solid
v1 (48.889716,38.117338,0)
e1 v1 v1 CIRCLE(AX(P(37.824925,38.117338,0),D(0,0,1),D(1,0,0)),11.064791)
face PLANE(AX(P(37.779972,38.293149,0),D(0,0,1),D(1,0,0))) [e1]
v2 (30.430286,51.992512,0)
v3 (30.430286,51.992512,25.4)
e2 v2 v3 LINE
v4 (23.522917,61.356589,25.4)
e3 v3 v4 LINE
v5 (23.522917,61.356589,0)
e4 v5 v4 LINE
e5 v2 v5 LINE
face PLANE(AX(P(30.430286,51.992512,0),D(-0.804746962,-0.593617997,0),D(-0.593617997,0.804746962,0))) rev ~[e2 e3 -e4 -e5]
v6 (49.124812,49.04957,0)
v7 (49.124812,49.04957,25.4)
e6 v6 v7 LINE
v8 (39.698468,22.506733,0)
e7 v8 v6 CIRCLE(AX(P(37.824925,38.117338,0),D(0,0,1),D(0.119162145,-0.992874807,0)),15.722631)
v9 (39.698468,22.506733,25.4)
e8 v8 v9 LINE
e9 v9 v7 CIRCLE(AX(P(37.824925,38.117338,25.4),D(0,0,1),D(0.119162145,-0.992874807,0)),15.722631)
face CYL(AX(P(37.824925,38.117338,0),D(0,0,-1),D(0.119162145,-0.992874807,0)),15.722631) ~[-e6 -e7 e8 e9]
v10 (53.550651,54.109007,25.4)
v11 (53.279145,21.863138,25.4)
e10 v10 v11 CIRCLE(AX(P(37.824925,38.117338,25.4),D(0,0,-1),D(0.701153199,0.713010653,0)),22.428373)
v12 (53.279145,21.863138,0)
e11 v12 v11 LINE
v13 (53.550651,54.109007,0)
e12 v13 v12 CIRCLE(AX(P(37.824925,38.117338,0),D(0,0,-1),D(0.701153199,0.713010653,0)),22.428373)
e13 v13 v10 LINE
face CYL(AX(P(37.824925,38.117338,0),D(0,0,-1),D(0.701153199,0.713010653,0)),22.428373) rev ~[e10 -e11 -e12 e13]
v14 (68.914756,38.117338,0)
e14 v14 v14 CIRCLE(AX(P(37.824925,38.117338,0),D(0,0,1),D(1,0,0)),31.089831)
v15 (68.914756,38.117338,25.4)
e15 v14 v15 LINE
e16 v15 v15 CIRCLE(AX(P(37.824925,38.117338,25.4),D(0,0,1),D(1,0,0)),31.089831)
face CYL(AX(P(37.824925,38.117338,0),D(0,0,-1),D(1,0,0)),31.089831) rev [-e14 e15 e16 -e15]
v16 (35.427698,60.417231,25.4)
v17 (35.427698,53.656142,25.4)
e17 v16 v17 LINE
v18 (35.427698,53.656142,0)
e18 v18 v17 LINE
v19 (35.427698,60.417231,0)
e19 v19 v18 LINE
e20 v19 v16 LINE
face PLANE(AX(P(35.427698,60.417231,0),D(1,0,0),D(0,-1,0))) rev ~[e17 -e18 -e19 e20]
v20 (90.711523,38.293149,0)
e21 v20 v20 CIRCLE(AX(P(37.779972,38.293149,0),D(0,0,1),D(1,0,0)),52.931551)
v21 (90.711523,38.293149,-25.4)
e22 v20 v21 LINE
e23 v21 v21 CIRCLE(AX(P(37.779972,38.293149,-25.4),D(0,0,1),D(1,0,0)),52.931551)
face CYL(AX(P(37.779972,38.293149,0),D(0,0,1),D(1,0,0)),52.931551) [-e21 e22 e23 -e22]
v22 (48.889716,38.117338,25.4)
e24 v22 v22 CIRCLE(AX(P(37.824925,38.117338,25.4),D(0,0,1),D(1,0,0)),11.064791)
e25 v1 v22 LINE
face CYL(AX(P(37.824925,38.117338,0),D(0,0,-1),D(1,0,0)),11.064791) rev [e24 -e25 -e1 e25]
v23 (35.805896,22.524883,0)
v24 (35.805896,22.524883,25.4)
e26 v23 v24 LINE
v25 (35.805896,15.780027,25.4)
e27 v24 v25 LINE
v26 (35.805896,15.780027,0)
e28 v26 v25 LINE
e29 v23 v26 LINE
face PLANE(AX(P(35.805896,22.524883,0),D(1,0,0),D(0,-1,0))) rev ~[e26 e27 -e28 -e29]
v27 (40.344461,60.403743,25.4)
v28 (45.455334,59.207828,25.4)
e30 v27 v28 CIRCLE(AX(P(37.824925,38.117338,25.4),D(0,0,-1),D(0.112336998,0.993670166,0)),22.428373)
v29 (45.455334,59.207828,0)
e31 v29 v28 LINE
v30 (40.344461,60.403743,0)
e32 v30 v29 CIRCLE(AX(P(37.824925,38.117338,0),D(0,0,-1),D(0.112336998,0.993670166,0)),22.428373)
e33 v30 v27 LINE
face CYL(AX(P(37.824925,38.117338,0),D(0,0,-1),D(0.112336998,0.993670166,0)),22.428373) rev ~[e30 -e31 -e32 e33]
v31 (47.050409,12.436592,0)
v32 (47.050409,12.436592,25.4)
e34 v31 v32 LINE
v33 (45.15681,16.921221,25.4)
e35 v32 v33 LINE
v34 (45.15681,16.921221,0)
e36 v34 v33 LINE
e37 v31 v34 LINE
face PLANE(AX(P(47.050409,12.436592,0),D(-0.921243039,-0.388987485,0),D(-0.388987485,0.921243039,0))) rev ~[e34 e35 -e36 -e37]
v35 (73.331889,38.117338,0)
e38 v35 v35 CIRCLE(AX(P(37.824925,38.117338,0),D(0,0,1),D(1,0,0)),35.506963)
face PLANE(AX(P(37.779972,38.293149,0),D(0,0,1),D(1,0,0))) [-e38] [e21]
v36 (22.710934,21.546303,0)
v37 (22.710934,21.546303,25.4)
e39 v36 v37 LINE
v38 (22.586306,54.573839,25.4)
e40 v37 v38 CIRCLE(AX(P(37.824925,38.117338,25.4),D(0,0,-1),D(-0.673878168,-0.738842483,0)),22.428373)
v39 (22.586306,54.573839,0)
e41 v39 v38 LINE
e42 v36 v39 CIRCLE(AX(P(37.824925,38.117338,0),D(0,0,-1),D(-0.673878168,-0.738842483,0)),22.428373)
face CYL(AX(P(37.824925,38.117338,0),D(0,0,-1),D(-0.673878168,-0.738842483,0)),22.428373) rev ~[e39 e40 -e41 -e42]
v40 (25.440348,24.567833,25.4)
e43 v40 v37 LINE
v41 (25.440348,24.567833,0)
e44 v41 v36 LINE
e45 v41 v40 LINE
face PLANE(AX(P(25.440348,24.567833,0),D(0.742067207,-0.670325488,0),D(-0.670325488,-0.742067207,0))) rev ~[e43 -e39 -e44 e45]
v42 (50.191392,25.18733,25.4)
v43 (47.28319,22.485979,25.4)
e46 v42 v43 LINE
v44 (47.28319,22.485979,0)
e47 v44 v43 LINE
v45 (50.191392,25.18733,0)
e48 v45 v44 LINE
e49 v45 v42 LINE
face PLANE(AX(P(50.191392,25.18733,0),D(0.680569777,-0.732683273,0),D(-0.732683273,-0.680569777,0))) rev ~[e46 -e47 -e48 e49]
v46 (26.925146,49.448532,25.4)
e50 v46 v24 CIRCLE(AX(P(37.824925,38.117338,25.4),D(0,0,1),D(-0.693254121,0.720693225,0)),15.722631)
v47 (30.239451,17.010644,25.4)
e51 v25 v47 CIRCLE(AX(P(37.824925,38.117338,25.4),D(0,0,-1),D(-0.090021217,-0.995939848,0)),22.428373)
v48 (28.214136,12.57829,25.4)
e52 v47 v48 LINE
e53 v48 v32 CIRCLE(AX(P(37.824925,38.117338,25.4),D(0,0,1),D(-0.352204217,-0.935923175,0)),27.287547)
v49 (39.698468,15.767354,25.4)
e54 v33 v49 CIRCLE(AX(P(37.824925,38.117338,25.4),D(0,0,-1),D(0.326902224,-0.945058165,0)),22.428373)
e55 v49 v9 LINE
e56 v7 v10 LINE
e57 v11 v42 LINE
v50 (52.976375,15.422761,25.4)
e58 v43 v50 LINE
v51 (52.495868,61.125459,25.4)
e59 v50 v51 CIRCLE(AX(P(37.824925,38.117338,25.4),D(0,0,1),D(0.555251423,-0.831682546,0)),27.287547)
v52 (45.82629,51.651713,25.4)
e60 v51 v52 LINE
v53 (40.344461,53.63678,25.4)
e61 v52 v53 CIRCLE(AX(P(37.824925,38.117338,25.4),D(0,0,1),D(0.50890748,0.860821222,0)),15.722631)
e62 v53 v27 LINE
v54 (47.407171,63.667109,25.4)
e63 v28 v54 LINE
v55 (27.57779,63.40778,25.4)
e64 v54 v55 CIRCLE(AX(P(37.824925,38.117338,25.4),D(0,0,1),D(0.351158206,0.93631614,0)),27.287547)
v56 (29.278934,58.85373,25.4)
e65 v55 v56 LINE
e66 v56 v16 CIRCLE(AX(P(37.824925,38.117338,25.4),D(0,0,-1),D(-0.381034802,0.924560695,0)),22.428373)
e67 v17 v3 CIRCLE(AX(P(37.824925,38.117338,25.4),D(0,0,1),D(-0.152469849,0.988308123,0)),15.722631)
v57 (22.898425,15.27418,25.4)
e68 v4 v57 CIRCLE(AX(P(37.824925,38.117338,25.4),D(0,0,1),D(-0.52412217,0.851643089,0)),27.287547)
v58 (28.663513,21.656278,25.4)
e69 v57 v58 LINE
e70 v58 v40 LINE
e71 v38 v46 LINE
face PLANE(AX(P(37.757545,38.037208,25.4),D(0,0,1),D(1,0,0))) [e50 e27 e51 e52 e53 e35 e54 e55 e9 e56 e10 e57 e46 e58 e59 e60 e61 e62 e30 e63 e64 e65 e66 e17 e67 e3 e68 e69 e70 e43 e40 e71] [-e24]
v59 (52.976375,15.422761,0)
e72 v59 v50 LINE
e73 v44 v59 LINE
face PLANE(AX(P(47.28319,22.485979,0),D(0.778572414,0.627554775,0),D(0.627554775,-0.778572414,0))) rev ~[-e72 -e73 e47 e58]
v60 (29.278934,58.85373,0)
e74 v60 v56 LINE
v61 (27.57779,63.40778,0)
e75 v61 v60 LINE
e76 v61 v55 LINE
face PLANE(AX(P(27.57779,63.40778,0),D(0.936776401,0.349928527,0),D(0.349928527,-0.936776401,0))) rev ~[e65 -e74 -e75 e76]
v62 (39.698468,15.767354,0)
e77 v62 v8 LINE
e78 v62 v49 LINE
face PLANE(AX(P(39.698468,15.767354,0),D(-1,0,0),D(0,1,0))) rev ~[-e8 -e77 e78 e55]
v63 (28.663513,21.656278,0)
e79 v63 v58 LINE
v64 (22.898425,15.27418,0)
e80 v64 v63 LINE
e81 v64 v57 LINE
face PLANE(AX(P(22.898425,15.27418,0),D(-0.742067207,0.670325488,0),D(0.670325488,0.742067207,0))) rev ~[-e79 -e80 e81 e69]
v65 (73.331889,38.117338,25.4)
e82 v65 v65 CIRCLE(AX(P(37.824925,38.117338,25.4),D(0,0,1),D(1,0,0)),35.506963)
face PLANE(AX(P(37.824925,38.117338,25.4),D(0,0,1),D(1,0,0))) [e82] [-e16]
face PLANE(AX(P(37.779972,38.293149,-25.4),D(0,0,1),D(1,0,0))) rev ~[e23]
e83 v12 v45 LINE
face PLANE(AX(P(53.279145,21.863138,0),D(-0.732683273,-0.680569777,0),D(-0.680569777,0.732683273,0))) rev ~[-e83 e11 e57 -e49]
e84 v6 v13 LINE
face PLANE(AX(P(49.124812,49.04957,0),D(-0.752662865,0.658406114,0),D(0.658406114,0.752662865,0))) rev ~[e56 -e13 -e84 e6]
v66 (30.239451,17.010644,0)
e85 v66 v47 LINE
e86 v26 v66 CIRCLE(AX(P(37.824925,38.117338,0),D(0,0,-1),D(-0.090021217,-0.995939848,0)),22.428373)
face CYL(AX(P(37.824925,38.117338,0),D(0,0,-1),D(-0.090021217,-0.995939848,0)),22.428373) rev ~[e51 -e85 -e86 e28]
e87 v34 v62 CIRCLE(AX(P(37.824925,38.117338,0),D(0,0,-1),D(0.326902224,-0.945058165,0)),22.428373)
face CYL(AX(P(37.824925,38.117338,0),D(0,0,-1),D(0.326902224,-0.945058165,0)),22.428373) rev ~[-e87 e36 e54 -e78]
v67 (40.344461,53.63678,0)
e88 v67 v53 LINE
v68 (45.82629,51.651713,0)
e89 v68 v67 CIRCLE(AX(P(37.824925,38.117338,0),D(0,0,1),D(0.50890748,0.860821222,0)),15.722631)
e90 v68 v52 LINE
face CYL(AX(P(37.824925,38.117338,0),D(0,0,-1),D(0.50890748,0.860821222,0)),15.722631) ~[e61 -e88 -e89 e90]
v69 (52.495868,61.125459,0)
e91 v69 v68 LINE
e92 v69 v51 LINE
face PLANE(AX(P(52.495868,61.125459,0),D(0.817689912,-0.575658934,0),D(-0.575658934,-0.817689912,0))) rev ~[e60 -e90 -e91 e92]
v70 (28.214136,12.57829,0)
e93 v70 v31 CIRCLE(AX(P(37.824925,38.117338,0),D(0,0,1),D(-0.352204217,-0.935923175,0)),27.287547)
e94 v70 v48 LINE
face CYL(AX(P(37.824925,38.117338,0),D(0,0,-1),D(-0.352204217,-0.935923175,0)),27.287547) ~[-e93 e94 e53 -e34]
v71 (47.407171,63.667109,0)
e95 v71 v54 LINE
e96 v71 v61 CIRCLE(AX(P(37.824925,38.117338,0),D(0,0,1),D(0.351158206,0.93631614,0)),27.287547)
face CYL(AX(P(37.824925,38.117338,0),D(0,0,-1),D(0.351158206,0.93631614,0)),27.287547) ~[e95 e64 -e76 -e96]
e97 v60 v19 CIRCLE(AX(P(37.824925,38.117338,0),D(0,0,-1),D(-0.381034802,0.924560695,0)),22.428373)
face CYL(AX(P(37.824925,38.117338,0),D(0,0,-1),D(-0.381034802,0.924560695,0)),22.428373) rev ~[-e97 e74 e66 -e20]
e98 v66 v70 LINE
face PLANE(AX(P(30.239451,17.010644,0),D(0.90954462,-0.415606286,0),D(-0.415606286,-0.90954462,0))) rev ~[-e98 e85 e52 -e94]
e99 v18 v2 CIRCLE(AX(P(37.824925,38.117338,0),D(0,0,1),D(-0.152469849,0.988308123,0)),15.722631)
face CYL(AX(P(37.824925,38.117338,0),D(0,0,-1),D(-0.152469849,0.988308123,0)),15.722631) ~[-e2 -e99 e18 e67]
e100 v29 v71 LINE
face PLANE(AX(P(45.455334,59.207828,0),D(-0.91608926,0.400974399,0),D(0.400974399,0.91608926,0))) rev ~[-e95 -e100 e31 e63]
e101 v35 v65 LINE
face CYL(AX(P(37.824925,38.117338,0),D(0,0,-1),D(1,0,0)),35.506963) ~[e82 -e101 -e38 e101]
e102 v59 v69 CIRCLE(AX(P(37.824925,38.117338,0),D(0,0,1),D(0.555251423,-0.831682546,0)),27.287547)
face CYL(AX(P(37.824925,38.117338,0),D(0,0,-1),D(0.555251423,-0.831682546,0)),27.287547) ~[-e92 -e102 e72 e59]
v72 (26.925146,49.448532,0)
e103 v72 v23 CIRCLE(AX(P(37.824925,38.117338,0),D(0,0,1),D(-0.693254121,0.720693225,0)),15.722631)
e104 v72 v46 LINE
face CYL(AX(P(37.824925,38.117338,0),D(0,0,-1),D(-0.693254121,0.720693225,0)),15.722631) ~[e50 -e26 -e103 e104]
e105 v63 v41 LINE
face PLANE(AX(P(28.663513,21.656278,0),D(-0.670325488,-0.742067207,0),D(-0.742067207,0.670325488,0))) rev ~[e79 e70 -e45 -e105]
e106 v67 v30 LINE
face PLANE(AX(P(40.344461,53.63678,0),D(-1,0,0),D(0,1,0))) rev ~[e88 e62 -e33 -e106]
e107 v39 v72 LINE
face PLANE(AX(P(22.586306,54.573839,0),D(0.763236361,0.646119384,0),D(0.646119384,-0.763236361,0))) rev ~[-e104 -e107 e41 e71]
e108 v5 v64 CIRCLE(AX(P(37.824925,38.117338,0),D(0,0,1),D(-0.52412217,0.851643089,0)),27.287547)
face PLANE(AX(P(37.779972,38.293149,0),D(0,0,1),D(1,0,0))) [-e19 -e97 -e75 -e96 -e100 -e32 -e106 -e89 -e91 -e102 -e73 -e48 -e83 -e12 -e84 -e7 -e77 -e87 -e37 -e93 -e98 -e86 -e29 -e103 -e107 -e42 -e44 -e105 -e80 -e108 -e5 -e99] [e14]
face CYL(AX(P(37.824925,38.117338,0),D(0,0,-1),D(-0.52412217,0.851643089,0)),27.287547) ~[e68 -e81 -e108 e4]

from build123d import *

# Parameters (mm, degrees)
F1_R     = 52.9315512319
F2_DEPTH = 25.4
F0_R     = 35.506963498
F0_R_2   = 31.0898313576
F0_R_3   = 11.0647908741
F3_DEPTH = 25.4


with BuildPart() as f2:
    # F1 (on Top) → F2 (new body)
    with BuildSketch(Plane.XY):
        with Locations((37.7799719572, 38.2931493223)):
            Circle(F1_R)
    extrude(amount=-F2_DEPTH)

    # F0 (on Top) → F3 (join)
    with BuildSketch(Plane.XY):
        with Locations((37.8249250984, 38.1173377679)):
            Circle(F0_R)
        with Locations((37.8249250984, 38.1173377679)):
            Circle(F0_R_2, mode=Mode.SUBTRACT)
        with BuildLine():
            Line((39.6984675691, 15.7673542773), (39.6984675691, 22.5067331888))
            ThreePointArc((39.6984675691, 22.5067331888), (52.6409755568, 32.8556093898), (49.1248120408, 49.0495695529))
            Line((49.1248120408, 49.0495695529), (53.550650699, 54.1090067787))
            ThreePointArc((53.550650699, 54.1090067787), (60.2525032987, 37.9285005747), (53.2791448176, 21.8631378094))
            Line((53.2791448176, 21.8631378094), (50.191392118, 25.1873300248))
            Line((50.191392118, 25.1873300248), (47.2831900335, 22.4859793641))
            Line((47.2831900335, 22.4859793641), (52.9763745223, 15.4227610277))
            ThreePointArc((52.9763745223, 15.4227610277), (65.1109642741, 38.4042160738), (52.4958682608, 61.1254593728))
            Line((52.4958682608, 61.1254593728), (45.8262898028, 51.651712507))
            ThreePointArc((45.8262898028, 51.651712507), (43.1781915167, 52.9005605345), (40.3444612137, 53.6367795902))
            Line((40.3444612137, 53.6367795902), (40.3444612137, 60.4037430676))
            ThreePointArc((40.3444612137, 60.4037430676), (42.9350031847, 59.9558135703), (45.4553338012, 59.2078281948))
            Line((45.4553338012, 59.2078281948), (47.4071712256, 63.6671086518))
            ThreePointArc((47.4071712256, 63.6671086518), (37.4680887103, 65.4025517281), (27.5777899968, 63.4077797425))
            Line((27.5777899968, 63.4077797425), (29.278934359, 58.8537300699))
            ThreePointArc((29.278934359, 58.8537300699), (32.2977523612, 59.8539953986), (35.4276978636, 60.4172307049))
            Line((35.4276978636, 60.4172307049), (35.4276978636, 53.6561420429))
            ThreePointArc((35.4276978636, 53.6561420429), (32.8588323546, 53.0350808805), (30.4302861837, 51.992511714))
            Line((30.4302861837, 51.992511714), (23.5229166343, 61.3565887661))
            ThreePointArc((23.5229166343, 61.3565887661), (10.5398831677, 38.487094317), (22.8984252987, 15.2741804381))
            Line((22.8984252987, 15.2741804381), (28.6635132157, 21.6562780329))
            Line((28.6635132157, 21.6562780329), (25.4403483123, 24.5678331703))
            Line((25.4403483123, 24.5678331703), (22.7109340757, 21.5463028337))
            ThreePointArc((22.7109340757, 21.5463028337), (15.3967115962, 38.0327060784), (22.5863063982, 54.5738387183))
            Line((22.5863063982, 54.5738387183), (26.9251461211, 49.4485316573))
            ThreePointArc((26.9251461211, 49.4485316573), (22.8935948893, 33.1922474233), (35.8058956554, 22.524882643))
            Line((35.8058956554, 22.524882643), (35.8058956554, 15.7800271973))
            ThreePointArc((35.8058956554, 15.7800271973), (32.9834142581, 16.2177556668), (30.2394509025, 17.0106444067))
            Line((30.2394509025, 17.0106444067), (28.214135887, 12.5782899431))
            ThreePointArc((28.214135887, 12.5782899431), (37.6196577159, 10.8305626128), (47.0504085033, 12.4365922762))
            Line((47.0504085033, 12.4365922762), (45.1568101775, 16.921220562))
            ThreePointArc((45.1568101775, 16.921220562), (42.4636561689, 16.1739082849), (39.6984675691, 15.7673542773))
        make_face()
        with Locations((37.8249250984, 38.1173377679)):
            Circle(F0_R_3, mode=Mode.SUBTRACT)
    extrude(amount=F3_DEPTH)


solid = f2.part
